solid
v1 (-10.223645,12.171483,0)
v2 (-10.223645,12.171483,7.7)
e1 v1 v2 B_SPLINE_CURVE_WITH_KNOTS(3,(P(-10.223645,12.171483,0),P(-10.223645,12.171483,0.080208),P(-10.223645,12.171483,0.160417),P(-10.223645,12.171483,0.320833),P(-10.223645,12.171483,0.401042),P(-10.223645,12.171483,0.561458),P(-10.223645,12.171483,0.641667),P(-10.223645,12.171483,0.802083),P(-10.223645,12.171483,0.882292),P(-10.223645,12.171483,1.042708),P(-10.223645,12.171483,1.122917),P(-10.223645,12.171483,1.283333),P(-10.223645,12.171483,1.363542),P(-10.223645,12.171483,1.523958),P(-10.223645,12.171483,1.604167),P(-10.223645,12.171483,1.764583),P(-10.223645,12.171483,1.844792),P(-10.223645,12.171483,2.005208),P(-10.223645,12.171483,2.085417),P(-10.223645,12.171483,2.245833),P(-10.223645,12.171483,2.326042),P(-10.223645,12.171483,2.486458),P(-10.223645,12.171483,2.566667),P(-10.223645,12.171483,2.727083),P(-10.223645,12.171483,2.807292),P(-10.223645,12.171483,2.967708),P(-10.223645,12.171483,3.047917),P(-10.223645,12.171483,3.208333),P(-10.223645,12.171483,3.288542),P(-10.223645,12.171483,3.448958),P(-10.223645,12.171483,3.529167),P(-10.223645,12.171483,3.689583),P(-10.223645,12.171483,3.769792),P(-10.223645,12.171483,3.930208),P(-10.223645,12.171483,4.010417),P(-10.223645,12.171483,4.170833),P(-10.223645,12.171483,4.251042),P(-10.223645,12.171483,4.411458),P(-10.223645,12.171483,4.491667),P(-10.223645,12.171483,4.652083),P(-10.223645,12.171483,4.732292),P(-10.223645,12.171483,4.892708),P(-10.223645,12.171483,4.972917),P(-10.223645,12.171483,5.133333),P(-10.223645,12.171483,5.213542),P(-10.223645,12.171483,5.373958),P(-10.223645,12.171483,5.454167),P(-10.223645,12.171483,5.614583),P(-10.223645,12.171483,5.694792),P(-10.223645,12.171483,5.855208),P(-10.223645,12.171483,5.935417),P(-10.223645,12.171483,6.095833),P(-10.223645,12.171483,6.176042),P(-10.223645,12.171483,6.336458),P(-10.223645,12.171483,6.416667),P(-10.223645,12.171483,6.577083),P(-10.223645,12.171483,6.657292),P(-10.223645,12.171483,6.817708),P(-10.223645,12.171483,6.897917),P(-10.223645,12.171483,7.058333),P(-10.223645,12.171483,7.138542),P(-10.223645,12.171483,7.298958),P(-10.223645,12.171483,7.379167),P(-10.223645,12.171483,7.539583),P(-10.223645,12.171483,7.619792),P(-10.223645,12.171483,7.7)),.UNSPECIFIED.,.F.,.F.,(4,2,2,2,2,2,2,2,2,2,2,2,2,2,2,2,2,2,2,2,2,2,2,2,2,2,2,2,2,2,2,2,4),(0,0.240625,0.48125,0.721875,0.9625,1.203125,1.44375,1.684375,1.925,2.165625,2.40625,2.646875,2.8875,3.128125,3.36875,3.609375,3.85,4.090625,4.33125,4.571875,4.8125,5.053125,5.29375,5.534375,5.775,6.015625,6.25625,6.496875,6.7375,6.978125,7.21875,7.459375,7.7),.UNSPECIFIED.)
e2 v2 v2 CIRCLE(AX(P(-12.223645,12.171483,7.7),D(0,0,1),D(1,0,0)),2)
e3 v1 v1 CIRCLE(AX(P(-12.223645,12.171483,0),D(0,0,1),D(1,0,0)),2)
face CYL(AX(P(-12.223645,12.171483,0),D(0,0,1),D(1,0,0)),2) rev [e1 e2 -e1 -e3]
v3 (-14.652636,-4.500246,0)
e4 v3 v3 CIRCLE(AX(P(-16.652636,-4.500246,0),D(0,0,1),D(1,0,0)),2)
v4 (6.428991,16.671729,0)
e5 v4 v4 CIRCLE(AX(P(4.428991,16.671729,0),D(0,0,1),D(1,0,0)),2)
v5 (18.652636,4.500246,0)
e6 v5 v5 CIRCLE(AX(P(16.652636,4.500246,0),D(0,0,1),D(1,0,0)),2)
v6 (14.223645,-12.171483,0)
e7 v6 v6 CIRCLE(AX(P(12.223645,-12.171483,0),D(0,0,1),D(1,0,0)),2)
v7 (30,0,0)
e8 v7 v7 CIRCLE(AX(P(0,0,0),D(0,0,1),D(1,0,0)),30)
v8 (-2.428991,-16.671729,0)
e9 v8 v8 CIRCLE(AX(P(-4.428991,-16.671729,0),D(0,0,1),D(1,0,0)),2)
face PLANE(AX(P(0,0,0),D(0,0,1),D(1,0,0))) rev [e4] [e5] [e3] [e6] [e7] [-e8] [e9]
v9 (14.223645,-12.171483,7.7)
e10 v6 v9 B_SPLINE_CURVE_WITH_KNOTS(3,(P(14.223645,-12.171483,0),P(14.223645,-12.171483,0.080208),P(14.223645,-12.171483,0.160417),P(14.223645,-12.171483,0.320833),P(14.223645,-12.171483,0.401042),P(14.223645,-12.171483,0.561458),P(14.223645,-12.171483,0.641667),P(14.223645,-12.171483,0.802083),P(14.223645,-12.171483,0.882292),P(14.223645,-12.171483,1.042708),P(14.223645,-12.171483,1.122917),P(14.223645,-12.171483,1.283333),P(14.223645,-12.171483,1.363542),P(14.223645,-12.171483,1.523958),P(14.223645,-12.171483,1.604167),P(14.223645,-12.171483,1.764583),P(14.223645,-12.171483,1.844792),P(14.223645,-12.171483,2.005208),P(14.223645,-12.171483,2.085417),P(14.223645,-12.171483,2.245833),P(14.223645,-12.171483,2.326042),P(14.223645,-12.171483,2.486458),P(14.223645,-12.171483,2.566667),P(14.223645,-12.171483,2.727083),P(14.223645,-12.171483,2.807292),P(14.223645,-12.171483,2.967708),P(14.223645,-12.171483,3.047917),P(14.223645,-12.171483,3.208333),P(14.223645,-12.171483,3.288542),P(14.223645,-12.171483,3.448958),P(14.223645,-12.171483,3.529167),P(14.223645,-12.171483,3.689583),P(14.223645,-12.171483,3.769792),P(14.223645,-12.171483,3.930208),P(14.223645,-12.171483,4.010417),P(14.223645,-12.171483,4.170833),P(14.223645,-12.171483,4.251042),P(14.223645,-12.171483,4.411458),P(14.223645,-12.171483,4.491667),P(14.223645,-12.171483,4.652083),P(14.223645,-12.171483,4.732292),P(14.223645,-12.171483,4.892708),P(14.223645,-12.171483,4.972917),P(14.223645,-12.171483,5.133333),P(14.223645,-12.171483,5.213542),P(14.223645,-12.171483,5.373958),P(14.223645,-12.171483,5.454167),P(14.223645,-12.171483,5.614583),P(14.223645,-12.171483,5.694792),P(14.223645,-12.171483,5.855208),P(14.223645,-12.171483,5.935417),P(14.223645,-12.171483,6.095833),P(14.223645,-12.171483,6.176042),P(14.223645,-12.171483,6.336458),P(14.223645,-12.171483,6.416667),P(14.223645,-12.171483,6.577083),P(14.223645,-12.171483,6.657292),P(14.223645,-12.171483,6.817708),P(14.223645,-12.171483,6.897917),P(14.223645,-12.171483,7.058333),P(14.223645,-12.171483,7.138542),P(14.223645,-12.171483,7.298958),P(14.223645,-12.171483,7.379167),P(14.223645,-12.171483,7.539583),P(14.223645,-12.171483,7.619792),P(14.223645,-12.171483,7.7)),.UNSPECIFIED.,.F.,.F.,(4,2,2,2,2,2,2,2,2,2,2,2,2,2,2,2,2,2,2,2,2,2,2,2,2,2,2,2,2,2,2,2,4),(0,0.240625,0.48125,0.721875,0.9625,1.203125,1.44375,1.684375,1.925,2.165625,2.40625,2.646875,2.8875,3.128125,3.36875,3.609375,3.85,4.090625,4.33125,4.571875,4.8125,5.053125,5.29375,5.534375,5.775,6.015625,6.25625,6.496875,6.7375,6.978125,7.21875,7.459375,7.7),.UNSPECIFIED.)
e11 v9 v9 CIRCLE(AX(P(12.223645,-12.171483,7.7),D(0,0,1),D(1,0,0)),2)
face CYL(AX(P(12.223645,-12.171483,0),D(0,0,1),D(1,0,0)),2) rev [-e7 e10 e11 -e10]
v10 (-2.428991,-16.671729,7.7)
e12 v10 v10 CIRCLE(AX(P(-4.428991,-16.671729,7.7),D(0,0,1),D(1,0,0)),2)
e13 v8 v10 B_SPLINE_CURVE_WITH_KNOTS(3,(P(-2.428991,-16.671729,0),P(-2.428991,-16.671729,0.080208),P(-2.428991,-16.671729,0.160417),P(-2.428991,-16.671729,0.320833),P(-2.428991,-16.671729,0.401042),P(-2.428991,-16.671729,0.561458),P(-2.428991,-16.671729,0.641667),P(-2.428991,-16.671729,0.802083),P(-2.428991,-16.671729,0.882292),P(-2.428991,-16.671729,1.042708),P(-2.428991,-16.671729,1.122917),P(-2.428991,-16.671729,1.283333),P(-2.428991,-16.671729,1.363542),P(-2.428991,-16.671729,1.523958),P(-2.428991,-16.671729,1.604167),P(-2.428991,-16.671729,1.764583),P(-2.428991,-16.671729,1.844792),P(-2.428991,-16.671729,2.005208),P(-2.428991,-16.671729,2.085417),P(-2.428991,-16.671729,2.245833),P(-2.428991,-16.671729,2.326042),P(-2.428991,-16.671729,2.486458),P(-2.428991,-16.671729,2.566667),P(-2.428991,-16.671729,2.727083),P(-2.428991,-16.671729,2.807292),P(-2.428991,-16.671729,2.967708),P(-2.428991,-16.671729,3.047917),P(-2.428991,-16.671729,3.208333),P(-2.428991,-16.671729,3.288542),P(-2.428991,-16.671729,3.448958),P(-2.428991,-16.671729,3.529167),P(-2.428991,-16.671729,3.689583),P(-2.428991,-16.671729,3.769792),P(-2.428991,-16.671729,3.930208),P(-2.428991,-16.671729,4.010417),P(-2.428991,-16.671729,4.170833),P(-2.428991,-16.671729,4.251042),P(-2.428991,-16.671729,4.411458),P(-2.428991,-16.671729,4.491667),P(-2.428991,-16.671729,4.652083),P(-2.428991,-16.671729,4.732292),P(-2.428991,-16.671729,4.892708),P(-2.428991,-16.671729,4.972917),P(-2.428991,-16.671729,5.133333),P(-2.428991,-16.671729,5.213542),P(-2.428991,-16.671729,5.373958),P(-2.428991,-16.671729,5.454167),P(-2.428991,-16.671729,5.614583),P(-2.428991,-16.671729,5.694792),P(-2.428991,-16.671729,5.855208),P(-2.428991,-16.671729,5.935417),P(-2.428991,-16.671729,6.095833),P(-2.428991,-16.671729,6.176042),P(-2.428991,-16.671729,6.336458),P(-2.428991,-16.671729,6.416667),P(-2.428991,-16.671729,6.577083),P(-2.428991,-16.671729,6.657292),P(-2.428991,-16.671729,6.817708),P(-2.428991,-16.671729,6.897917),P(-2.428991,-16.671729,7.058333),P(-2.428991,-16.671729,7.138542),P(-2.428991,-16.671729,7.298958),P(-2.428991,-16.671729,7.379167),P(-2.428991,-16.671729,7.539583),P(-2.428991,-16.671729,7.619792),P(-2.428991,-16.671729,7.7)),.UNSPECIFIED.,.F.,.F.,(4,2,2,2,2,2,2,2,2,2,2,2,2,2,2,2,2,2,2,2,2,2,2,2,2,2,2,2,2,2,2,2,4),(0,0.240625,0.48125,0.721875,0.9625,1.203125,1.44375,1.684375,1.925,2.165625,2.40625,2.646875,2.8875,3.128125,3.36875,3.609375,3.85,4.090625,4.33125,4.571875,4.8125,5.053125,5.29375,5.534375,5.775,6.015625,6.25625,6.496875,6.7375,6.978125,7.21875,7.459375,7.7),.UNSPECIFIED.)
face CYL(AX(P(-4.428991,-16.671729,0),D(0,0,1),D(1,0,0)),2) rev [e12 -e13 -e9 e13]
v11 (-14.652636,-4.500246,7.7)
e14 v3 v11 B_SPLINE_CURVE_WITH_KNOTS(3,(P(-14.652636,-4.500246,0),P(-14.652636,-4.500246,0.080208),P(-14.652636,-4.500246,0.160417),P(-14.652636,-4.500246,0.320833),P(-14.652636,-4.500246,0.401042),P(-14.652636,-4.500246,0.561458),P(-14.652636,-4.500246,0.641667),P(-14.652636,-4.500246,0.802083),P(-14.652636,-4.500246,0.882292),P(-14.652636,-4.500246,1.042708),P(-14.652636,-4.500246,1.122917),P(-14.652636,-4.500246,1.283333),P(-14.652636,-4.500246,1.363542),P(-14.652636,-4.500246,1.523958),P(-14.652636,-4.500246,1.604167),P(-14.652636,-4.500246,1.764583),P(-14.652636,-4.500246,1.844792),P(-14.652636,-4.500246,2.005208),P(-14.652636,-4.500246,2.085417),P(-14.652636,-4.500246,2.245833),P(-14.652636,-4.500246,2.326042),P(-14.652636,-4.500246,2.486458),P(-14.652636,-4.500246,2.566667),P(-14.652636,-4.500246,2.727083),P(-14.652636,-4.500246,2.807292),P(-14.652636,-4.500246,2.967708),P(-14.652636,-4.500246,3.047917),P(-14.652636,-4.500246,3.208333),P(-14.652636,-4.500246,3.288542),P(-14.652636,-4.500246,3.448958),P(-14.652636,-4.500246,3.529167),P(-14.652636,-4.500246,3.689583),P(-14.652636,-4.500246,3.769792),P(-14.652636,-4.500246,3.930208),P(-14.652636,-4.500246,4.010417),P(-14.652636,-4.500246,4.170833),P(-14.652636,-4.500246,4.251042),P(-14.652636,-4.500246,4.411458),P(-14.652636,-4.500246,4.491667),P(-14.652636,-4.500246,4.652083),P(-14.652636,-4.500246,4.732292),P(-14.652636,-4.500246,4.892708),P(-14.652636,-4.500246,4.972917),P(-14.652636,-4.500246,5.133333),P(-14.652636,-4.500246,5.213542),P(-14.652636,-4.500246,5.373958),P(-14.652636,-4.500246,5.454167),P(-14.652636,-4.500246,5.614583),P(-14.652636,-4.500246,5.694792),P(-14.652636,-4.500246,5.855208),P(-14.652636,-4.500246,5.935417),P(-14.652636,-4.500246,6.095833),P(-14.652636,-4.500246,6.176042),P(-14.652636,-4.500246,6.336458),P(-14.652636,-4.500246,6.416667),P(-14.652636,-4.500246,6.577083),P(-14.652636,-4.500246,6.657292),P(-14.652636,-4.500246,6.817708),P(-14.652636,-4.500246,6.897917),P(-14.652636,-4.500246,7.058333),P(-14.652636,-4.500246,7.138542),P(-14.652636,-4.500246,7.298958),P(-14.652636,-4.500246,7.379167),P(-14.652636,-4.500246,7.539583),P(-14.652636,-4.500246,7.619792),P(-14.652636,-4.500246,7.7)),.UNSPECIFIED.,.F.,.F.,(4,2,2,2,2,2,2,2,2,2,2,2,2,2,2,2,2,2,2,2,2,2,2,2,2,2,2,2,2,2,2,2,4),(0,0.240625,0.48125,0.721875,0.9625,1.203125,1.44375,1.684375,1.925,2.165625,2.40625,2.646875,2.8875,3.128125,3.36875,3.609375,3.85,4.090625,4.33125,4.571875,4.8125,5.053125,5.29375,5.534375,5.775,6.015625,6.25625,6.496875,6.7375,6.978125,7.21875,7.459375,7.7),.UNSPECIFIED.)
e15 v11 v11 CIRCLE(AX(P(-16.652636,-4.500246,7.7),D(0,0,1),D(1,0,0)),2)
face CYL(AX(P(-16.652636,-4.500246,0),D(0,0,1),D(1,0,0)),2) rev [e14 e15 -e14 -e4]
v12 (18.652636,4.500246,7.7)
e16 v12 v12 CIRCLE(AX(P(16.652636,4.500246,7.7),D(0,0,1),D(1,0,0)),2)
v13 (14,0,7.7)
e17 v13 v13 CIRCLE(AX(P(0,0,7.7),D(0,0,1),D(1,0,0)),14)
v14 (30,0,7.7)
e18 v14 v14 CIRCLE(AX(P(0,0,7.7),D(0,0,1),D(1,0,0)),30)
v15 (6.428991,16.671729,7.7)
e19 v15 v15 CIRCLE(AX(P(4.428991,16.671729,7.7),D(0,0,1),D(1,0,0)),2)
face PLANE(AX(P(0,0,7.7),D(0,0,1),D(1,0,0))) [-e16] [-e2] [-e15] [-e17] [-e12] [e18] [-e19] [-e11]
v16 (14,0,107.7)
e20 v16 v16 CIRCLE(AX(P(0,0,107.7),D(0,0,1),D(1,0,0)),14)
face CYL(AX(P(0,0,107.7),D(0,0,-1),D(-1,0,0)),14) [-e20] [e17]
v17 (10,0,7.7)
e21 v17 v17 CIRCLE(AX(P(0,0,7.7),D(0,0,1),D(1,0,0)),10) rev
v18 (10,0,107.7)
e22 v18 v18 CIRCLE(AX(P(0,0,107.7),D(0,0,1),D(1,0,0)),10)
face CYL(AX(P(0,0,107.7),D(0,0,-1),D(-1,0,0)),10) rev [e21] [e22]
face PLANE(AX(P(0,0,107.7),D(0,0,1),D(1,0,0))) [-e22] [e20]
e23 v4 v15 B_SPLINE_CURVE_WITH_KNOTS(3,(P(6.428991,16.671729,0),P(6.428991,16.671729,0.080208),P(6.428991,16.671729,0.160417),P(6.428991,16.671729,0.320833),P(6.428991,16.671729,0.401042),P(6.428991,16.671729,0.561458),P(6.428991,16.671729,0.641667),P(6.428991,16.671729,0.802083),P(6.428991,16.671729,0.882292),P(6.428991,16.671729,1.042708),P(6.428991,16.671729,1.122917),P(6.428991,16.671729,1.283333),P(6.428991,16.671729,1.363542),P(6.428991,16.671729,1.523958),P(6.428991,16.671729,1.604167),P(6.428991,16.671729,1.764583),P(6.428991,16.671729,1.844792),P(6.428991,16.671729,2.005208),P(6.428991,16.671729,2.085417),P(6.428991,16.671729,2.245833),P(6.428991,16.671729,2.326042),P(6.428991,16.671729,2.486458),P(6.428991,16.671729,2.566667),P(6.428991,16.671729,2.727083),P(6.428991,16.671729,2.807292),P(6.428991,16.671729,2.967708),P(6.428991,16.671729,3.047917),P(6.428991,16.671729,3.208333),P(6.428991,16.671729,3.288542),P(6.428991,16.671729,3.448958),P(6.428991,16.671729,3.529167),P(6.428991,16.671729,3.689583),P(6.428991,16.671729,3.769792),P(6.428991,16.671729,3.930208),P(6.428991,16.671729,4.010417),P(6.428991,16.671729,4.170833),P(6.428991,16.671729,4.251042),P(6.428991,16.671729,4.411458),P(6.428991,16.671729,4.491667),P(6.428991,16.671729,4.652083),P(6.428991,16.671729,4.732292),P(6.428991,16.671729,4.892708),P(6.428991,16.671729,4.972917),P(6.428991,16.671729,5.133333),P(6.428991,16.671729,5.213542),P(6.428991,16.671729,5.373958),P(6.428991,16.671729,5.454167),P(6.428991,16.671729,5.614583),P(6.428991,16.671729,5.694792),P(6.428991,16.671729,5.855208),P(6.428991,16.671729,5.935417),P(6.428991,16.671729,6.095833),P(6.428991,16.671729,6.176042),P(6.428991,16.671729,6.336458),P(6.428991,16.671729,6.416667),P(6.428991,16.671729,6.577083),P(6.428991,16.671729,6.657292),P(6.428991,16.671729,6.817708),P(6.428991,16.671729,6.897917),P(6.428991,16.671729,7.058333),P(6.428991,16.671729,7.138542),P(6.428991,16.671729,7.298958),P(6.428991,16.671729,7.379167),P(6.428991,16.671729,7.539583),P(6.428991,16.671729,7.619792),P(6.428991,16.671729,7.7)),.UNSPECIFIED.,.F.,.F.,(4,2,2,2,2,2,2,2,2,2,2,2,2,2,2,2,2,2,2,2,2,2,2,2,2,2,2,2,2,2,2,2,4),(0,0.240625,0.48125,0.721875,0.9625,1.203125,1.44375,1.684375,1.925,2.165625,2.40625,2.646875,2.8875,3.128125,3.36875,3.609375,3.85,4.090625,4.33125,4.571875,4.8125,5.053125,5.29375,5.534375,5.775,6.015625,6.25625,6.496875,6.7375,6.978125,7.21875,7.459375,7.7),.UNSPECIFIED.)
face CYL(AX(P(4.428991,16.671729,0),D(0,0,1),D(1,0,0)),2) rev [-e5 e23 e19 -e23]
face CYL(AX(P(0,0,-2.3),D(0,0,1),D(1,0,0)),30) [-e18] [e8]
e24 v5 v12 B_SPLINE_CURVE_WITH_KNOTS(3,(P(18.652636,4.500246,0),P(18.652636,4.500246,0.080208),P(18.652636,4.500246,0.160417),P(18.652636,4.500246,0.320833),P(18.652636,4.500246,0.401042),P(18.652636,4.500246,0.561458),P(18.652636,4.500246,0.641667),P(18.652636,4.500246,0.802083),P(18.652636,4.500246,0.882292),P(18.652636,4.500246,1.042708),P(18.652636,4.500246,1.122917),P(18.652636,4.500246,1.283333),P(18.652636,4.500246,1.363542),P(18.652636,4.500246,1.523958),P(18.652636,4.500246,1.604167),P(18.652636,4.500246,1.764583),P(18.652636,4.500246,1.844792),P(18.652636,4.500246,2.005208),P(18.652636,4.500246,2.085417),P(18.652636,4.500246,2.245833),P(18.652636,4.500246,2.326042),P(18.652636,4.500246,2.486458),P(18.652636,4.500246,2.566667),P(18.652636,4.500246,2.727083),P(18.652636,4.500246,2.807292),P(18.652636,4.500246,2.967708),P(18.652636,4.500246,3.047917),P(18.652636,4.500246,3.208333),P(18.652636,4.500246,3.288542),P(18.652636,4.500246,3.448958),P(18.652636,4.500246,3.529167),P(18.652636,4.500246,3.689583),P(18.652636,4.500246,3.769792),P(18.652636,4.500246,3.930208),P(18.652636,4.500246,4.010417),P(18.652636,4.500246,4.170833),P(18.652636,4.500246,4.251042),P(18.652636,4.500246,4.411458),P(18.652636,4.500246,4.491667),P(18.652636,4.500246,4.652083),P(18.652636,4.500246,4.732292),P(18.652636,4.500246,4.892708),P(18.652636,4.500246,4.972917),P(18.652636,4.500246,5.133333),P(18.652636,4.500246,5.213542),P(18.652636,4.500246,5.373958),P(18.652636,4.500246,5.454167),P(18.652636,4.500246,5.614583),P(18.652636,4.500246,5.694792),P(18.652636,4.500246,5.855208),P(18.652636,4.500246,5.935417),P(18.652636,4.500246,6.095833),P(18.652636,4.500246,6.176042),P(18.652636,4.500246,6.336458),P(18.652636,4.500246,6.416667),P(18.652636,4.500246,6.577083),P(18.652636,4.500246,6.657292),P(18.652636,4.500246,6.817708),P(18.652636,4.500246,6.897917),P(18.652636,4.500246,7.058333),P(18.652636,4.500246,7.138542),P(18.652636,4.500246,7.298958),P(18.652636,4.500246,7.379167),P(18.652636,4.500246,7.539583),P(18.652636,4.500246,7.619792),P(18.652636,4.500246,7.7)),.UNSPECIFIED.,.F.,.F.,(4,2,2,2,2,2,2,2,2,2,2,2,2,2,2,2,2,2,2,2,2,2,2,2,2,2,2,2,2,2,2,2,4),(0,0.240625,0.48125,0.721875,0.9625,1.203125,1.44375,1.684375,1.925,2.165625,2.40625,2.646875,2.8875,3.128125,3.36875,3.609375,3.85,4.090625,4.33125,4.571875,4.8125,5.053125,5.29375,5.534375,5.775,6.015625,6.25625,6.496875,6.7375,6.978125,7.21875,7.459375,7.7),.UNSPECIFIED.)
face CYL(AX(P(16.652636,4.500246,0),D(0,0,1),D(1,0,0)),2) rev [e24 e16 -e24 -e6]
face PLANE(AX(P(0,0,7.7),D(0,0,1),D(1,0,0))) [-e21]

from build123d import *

# Parameters (mm, degrees)
SKETCH_1_R            = 50
EXTRUDE_1_DEPTH       = 7.7
SKETCH_2_R            = 2
CUT_EXTRUDE_1_DEPTH   = 7.7
SKETCH_3_R            = 14
SKETCH_3_R_2          = 10
EXTRUDE_1_2_DEPTH     = 100
SKETCH_4_R            = 74
SKETCH_4_R_2          = 30
CUT_EXTRUDE_1_2_DEPTH = 10


with BuildPart() as part:
    # 草图1 → Extrude 1 (new body)
    with BuildSketch(Plane.XY):
        with Locations(Location((0, 0, 0), (0, 0, 180))):
            Circle(SKETCH_1_R)
    extrude(amount=EXTRUDE_1_DEPTH)

    # 草图2 → Cut-Extrude 1 (cut)
    with BuildSketch(Plane.XY.offset(7.7)):
        with Locations((4.428990597, 16.671728833)):
            Circle(SKETCH_2_R)
        with Locations((16.652635993, 4.500246046)):
            Circle(SKETCH_2_R)
        with Locations((12.223645396, -12.171482787)):
            Circle(SKETCH_2_R)
        with Locations((-4.428990597, -16.671728833)):
            Circle(SKETCH_2_R)
        with Locations((-16.652635993, -4.500246046)):
            Circle(SKETCH_2_R)
        with Locations((-12.223645396, 12.171482787)):
            Circle(SKETCH_2_R)
    extrude(amount=-CUT_EXTRUDE_1_DEPTH, mode=Mode.SUBTRACT)

    # 草图3 → Extrude 1 2 (add)
    with BuildSketch(Plane.XY.offset(7.7)):
        Circle(SKETCH_3_R)
        Circle(SKETCH_3_R_2, mode=Mode.SUBTRACT)
    extrude(amount=EXTRUDE_1_2_DEPTH)

    # 草图4 → Cut-Extrude 1 2 (cut)
    with BuildSketch(Plane.XY.offset(7.7)):
        Circle(SKETCH_4_R)
        Circle(SKETCH_4_R_2, mode=Mode.SUBTRACT)
    extrude(amount=-CUT_EXTRUDE_1_2_DEPTH, mode=Mode.SUBTRACT)


solid = part.part
